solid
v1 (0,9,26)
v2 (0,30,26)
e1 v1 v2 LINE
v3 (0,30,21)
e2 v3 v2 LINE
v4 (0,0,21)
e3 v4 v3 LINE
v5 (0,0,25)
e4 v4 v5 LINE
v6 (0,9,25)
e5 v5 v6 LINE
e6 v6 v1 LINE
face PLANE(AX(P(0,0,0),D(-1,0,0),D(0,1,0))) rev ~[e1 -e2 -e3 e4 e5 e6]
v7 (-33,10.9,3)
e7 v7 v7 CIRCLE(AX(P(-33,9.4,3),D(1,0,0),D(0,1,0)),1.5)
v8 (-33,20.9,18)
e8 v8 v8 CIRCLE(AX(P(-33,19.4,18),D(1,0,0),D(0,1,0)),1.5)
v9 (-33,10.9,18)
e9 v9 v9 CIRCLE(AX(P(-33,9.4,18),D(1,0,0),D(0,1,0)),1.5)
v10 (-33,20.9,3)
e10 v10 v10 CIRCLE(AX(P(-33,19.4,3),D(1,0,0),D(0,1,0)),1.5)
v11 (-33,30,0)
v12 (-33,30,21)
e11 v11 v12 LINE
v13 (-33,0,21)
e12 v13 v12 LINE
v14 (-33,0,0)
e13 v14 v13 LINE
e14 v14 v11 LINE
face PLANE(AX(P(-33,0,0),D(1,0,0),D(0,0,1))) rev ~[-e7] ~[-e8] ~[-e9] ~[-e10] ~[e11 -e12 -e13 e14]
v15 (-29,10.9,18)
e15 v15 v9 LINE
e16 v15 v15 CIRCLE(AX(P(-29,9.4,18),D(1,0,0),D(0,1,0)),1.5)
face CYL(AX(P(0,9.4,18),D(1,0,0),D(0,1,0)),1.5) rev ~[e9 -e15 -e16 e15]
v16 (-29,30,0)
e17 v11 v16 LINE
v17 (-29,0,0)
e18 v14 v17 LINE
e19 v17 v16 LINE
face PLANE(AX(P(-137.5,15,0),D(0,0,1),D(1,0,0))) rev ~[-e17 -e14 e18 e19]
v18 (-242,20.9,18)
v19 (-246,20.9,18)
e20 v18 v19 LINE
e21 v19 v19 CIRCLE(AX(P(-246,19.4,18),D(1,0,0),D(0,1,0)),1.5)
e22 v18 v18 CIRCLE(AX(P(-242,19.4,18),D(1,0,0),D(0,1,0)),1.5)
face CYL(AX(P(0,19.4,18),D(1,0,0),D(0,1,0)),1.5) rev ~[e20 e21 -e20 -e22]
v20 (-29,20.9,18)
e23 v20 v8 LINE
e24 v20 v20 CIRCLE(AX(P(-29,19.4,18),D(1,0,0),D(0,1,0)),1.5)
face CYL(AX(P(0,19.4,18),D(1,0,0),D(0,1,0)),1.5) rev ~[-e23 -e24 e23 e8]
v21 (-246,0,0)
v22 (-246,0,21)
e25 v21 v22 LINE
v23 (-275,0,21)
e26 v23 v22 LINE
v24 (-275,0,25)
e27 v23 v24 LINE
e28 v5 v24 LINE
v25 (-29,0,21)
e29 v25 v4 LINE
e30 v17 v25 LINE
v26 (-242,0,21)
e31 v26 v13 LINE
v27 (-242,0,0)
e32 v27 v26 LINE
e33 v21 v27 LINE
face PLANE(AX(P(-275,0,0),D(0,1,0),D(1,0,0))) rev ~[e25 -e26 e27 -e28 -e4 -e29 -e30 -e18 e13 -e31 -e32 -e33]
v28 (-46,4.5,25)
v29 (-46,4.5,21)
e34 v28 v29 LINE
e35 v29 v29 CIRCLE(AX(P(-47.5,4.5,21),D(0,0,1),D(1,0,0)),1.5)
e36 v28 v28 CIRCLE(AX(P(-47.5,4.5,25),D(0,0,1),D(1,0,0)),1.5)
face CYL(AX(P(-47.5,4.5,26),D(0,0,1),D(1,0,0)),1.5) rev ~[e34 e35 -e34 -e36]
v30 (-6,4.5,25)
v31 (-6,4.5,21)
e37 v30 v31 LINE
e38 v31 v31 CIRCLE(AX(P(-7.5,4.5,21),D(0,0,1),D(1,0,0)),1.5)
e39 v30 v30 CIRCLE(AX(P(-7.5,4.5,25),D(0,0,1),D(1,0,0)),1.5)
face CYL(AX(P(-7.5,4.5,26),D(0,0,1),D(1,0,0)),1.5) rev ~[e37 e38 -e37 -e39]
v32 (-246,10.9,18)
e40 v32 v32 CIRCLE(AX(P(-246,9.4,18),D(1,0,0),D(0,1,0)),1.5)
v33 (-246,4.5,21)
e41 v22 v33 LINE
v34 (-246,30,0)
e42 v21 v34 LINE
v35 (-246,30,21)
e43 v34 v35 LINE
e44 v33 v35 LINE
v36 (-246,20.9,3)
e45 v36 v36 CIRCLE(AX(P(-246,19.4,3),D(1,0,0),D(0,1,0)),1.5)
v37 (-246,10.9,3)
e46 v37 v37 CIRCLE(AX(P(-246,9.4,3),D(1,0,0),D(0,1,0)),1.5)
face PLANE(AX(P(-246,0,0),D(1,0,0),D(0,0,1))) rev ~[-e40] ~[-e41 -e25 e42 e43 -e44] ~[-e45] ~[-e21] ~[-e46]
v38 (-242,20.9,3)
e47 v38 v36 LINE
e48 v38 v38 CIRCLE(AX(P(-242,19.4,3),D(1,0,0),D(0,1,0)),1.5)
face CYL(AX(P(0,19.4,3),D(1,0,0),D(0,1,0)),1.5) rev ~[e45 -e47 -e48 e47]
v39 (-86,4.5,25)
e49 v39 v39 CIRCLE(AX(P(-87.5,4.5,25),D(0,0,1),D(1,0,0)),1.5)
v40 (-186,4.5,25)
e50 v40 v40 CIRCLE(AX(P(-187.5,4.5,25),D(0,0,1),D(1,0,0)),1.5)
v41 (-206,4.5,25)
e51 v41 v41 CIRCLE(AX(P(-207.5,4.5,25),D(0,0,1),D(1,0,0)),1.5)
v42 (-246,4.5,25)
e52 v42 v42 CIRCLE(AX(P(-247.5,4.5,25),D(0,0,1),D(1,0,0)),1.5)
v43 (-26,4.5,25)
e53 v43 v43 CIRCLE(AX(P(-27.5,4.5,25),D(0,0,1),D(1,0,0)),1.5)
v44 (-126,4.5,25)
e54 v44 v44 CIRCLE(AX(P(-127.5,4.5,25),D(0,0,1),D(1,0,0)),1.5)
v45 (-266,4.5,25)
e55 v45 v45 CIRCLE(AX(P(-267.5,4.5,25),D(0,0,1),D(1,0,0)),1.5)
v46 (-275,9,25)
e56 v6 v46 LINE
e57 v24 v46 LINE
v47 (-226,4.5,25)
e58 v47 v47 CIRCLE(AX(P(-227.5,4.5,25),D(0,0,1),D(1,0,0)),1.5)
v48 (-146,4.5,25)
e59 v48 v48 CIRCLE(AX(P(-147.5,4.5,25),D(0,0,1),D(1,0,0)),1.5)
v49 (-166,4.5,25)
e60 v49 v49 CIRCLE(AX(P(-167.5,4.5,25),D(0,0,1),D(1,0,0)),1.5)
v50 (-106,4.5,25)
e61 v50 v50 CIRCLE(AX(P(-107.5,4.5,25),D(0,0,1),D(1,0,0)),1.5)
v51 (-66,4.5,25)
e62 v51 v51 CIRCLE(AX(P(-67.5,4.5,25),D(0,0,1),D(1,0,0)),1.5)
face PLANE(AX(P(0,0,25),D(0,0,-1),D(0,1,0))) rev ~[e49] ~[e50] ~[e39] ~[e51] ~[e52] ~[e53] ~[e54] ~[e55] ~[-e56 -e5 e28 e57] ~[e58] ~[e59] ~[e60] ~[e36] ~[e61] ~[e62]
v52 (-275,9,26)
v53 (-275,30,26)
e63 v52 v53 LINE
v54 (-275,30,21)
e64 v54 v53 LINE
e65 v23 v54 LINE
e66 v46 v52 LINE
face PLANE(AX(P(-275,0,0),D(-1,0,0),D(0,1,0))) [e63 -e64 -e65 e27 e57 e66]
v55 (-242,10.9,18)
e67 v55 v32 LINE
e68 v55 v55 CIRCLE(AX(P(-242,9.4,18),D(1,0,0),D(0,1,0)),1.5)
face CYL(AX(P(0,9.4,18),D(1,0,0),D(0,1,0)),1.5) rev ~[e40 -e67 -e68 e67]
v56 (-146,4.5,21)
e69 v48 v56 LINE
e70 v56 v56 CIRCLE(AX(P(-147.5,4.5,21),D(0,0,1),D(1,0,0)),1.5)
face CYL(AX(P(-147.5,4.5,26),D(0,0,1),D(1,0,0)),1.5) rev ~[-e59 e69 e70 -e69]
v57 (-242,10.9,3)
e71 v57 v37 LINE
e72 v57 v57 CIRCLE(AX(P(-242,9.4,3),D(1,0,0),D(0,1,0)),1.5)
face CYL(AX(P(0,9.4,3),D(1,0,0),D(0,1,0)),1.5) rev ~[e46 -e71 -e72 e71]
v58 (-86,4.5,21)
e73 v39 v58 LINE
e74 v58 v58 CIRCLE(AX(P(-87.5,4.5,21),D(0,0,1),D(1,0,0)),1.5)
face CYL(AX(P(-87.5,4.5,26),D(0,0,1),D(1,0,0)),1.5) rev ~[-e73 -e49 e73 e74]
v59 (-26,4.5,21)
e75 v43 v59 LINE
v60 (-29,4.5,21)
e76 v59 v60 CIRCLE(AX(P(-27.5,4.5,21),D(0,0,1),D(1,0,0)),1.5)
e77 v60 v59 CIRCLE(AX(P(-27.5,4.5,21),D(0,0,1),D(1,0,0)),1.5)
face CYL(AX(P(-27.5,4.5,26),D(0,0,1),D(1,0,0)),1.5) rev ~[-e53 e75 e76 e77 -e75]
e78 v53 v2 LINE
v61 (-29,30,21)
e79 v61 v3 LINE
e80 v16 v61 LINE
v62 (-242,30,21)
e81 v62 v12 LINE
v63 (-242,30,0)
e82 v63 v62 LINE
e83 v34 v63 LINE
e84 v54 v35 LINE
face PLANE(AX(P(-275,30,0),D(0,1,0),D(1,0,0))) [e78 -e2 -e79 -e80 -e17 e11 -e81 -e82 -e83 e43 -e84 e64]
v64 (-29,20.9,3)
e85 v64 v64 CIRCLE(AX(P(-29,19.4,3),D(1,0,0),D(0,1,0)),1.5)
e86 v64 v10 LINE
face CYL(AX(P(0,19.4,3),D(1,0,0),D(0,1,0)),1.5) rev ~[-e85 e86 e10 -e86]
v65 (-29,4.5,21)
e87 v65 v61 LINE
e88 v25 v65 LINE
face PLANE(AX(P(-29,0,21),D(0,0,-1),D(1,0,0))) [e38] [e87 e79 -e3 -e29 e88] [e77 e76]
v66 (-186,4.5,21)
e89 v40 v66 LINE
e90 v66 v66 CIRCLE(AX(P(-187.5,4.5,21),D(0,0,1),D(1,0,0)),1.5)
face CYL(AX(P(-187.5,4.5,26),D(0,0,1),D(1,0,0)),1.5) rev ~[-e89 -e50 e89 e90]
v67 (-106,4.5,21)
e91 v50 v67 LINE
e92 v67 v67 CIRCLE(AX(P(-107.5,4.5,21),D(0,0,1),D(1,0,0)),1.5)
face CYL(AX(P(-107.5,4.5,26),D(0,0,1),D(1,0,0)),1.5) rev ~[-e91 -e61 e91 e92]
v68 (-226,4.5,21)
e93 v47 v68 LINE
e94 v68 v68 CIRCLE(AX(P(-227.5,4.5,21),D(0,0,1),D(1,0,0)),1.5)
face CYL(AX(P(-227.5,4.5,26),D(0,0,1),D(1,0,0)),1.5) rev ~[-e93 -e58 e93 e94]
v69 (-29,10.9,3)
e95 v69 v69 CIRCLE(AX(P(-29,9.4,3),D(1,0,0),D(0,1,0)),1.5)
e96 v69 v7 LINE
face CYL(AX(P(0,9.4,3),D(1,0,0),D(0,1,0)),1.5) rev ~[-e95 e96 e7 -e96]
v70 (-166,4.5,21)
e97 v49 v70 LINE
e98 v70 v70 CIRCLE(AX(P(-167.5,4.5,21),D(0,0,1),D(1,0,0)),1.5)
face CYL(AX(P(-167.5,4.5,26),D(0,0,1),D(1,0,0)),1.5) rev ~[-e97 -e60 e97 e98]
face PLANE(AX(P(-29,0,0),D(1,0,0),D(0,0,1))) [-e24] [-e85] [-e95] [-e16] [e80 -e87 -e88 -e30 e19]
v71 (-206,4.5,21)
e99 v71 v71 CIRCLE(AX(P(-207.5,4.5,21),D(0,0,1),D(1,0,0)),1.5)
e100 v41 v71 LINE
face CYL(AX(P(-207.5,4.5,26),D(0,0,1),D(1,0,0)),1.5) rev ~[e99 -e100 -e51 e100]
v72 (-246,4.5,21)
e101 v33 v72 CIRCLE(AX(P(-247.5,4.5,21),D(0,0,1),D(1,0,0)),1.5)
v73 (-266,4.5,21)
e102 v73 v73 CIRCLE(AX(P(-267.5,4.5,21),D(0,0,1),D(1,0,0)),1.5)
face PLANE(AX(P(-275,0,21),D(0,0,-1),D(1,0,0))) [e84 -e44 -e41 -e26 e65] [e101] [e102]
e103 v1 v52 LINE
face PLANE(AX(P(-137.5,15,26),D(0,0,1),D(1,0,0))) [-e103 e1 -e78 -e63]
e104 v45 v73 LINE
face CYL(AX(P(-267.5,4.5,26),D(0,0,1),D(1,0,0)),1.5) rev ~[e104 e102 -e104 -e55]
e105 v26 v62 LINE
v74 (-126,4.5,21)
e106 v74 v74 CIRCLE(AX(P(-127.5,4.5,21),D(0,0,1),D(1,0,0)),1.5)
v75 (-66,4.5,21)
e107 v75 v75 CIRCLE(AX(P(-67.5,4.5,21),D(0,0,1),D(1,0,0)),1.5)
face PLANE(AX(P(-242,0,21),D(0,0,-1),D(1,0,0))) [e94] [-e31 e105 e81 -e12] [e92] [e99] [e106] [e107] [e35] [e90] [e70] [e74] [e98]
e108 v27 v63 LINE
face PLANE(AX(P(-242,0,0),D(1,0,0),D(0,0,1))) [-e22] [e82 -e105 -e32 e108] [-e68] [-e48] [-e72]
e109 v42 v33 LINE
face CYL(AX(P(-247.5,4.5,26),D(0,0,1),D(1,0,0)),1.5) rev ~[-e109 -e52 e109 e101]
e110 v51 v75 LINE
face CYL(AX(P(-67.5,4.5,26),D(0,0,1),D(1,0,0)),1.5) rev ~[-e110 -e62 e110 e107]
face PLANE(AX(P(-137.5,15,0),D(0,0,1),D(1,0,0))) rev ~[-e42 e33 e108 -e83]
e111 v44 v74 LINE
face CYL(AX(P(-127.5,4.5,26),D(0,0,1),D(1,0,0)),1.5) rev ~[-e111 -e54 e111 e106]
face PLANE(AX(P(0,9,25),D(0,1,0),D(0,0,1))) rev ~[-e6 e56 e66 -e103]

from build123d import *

# Parameters (mm, degrees)
SKETCH007_W            = 275
SKETCH007_H            = 30
PAD003_DEPTH           = 26
SKETCH008_W            = 9
SKETCH008_H            = 1
POCKET004_DEPTH        = 275
SKETCH009_R            = 1.5
POCKET005_DEPTH        = 6
LINEARPATTERN001_COUNT = 14
LINEARPATTERN001_PITCH = 20
SKETCH017_W            = 29
SKETCH017_H            = 21
SKETCH017_W_2          = 209
POCKET010_DEPTH        = 30
SKETCH018_R            = 1.5
POCKET011_DEPTH        = 275


with BuildPart() as part:
    # Sketch007 → Pad003 (new body)
    with BuildSketch(Plane.XY):
        with Locations((-137.5, 15)):
            Rectangle(SKETCH007_W, SKETCH007_H)
    extrude(amount=PAD003_DEPTH)

    # Sketch008 (on Face2 of Pad003) → Pocket004 (cut)
    with BuildSketch(Plane.YZ):
        with Locations((4.5, 25.5)):
            Rectangle(SKETCH008_W, SKETCH008_H)
    extrude(amount=-POCKET004_DEPTH, mode=Mode.SUBTRACT)

    # Sketch009 (on Face5 of Pocket004) → Pocket005 (cut)
    with BuildSketch(Plane.XY.offset(26)):
        with Locations((-7.5, 4.5)):
            Circle(SKETCH009_R)
    pocket005 = extrude(amount=-POCKET005_DEPTH, mode=Mode.SUBTRACT)

    # LinearPattern001: Pocket005 ×14
    with Locations(*[(-i * LINEARPATTERN001_PITCH, 0, 0) for i in range(1, LINEARPATTERN001_COUNT)]):
        add(pocket005, mode=Mode.SUBTRACT)

    # Sketch017 → Pocket010 (cut)
    with BuildSketch(Plane.XZ):
        with Locations((-14.5, 10.5)):
            Rectangle(SKETCH017_W, SKETCH017_H)
        with Locations((-260.5, 10.5)):
            Rectangle(SKETCH017_W, SKETCH017_H)
        with Locations((-137.5, 10.5)):
            Rectangle(SKETCH017_W_2, SKETCH017_H)
    extrude(amount=-POCKET010_DEPTH, mode=Mode.SUBTRACT)

    # Sketch018 → Pocket011 (cut)
    with BuildSketch(Plane.YZ):
        with Locations((9.4, 18)):
            Circle(SKETCH018_R)
        with Locations((19.4, 18)):
            Circle(SKETCH018_R)
        with Locations((9.4, 3)):
            Circle(SKETCH018_R)
        with Locations((19.4, 3)):
            Circle(SKETCH018_R)
    extrude(amount=-POCKET011_DEPTH, mode=Mode.SUBTRACT)


solid = part.part
